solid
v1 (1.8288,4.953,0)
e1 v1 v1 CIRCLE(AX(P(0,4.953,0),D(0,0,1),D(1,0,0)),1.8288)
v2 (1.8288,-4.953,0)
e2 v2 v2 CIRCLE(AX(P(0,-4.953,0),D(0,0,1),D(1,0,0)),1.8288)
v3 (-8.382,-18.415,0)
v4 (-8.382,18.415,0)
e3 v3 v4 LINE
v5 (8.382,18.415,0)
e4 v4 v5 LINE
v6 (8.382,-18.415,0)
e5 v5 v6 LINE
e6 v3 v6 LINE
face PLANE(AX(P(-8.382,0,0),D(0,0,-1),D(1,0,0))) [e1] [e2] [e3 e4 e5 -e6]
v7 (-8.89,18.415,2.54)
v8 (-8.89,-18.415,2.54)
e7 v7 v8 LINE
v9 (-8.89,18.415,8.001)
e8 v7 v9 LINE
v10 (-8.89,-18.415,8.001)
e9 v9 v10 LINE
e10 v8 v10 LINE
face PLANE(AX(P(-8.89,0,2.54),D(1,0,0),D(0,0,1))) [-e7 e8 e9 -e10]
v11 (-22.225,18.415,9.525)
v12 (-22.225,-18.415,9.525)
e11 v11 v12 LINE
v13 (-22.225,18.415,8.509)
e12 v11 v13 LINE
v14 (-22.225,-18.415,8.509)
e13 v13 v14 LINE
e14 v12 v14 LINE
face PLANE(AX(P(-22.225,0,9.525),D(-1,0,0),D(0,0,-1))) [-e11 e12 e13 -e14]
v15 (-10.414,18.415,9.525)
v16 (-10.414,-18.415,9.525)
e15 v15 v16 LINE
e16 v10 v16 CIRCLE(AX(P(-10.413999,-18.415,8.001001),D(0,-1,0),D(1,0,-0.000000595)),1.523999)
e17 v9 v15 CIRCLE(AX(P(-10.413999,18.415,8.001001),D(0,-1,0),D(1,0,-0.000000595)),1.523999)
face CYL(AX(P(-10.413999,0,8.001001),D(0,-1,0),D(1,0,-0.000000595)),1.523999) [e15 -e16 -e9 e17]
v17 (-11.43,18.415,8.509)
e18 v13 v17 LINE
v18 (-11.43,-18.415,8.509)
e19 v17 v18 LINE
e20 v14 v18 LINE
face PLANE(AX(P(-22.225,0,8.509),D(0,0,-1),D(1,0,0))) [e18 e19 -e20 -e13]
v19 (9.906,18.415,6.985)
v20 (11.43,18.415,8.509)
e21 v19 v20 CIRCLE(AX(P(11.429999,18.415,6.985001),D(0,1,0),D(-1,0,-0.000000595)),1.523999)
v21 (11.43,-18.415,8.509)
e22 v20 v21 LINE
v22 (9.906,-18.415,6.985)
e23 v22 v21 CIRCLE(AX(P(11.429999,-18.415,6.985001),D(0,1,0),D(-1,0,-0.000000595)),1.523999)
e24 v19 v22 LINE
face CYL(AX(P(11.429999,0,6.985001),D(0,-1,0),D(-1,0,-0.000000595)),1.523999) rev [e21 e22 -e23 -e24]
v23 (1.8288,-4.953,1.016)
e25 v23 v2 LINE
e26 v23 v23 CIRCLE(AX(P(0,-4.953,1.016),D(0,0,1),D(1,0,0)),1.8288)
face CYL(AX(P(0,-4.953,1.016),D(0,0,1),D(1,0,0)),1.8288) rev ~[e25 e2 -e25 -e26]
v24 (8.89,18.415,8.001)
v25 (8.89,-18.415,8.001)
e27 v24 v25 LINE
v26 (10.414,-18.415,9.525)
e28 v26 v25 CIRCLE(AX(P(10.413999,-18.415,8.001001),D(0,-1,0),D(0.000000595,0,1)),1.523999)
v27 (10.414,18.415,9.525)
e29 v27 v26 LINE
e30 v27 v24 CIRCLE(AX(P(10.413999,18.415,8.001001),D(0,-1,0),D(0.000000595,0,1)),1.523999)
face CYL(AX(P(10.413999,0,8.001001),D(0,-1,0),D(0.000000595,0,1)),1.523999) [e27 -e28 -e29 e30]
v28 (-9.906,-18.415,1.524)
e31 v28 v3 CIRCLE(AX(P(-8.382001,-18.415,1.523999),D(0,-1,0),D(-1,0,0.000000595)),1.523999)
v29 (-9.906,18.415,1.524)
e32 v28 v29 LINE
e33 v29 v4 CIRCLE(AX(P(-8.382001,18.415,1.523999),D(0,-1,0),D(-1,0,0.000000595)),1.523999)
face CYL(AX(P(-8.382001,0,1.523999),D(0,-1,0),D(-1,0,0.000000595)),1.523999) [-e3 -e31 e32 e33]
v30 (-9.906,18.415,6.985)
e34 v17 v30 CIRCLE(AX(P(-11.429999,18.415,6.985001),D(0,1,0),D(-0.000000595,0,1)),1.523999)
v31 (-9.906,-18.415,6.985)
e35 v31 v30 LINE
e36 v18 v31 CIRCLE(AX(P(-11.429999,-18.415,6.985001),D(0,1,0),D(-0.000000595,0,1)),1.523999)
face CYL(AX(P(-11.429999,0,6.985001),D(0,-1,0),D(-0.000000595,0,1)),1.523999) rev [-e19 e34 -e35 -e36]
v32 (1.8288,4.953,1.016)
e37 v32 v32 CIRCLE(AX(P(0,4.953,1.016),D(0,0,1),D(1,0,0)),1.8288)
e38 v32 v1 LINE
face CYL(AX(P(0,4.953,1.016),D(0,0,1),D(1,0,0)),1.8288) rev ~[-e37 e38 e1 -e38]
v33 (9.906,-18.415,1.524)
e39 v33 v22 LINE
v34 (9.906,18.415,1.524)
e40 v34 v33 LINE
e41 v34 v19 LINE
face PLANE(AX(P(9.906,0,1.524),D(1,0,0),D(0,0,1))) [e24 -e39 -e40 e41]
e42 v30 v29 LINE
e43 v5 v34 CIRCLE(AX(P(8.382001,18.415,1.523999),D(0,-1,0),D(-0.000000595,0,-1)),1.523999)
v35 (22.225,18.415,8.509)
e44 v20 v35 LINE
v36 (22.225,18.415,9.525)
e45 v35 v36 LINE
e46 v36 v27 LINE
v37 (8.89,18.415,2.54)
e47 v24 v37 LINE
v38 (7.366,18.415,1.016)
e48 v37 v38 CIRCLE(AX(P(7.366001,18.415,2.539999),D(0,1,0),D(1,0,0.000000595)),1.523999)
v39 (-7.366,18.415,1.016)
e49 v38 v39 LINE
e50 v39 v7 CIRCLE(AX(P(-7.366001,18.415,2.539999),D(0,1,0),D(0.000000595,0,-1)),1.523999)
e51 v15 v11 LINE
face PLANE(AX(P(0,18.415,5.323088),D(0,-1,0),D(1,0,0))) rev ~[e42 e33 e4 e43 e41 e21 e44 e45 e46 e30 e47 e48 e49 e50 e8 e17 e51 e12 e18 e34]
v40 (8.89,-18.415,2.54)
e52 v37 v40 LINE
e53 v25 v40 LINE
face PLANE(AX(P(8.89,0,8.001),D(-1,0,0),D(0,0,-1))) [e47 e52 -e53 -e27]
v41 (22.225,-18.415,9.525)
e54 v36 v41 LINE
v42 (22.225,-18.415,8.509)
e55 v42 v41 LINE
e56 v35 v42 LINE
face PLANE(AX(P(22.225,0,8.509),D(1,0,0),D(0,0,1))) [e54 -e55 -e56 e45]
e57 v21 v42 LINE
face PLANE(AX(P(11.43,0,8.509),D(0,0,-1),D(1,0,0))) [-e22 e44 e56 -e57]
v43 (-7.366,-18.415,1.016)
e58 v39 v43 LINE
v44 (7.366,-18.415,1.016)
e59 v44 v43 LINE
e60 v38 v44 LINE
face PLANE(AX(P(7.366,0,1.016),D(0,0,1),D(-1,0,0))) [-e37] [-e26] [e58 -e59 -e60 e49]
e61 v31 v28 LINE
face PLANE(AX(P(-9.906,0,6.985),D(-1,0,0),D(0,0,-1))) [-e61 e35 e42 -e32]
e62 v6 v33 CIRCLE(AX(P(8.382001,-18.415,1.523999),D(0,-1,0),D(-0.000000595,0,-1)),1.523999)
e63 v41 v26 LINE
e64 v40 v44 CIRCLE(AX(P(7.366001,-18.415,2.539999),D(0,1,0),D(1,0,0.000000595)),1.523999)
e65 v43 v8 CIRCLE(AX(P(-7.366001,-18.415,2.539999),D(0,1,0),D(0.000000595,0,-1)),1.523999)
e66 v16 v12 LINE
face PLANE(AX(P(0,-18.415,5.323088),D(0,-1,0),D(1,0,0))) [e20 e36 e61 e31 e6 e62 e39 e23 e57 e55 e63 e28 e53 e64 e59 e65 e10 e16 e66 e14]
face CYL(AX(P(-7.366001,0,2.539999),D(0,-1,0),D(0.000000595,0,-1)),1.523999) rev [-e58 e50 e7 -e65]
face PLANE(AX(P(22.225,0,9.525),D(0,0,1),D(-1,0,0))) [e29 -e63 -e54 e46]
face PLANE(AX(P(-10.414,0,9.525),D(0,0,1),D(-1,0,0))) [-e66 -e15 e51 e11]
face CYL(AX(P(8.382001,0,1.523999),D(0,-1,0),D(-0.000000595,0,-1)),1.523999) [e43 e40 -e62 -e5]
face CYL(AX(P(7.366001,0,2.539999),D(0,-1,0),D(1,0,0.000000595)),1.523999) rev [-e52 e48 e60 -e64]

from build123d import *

# Parameters (mm, degrees)
F1_DEPTH = 18.415
F2_R     = 1.8288
F3_DEPTH = 25.4


with BuildPart() as f1:
    # F0 (on Front) → F1 (new body, symmetric)
    with BuildSketch(Plane.XZ):
        with BuildLine():
            Line((-8.382, 0), (0, 0))
            Line((0, 0), (8.382, 0))
            ThreePointArc((8.382, 0), (9.459631, 0.446369), (9.906, 1.524))
            Line((9.906, 1.524), (9.906, 6.985))
            ThreePointArc((9.906, 6.985), (10.352369, 8.062631), (11.43, 8.509))
            Line((11.43, 8.509), (22.225, 8.509))
            Line((22.225, 8.509), (22.225, 9.525))
            Line((22.225, 9.525), (10.414, 9.525))
            ThreePointArc((10.414, 9.525), (9.336369, 9.078631), (8.89, 8.001))
            Line((8.89, 8.001), (8.89, 2.54))
            ThreePointArc((8.89, 2.54), (8.443631, 1.462369), (7.366, 1.016))
            Line((7.366, 1.016), (0, 1.016))
            Line((0, 1.016), (-7.366, 1.016))
            ThreePointArc((-7.366, 1.016), (-8.443631, 1.462369), (-8.89, 2.54))
            Line((-8.89, 2.54), (-8.89, 8.001))
            ThreePointArc((-8.89, 8.001), (-9.336369, 9.078631), (-10.414, 9.525))
            Line((-10.414, 9.525), (-22.225, 9.525))
            Line((-22.225, 9.525), (-22.225, 8.509))
            Line((-22.225, 8.509), (-11.43, 8.509))
            ThreePointArc((-11.43, 8.509), (-10.352369, 8.062631), (-9.906, 6.985))
            Line((-9.906, 6.985), (-9.906, 1.524))
            ThreePointArc((-9.906, 1.524), (-9.459631, 0.446369), (-8.382, 0))
        make_face()
    extrude(amount=F1_DEPTH, both=True)

    # F2 (on face) → F3 (cut)
    with BuildSketch(Plane.XY.offset(1.016)):
        with Locations((0, -4.953)):
            Circle(F2_R)
        with Locations((0, 4.953)):
            Circle(F2_R)
    extrude(amount=-F3_DEPTH, mode=Mode.SUBTRACT)


solid = f1.part
